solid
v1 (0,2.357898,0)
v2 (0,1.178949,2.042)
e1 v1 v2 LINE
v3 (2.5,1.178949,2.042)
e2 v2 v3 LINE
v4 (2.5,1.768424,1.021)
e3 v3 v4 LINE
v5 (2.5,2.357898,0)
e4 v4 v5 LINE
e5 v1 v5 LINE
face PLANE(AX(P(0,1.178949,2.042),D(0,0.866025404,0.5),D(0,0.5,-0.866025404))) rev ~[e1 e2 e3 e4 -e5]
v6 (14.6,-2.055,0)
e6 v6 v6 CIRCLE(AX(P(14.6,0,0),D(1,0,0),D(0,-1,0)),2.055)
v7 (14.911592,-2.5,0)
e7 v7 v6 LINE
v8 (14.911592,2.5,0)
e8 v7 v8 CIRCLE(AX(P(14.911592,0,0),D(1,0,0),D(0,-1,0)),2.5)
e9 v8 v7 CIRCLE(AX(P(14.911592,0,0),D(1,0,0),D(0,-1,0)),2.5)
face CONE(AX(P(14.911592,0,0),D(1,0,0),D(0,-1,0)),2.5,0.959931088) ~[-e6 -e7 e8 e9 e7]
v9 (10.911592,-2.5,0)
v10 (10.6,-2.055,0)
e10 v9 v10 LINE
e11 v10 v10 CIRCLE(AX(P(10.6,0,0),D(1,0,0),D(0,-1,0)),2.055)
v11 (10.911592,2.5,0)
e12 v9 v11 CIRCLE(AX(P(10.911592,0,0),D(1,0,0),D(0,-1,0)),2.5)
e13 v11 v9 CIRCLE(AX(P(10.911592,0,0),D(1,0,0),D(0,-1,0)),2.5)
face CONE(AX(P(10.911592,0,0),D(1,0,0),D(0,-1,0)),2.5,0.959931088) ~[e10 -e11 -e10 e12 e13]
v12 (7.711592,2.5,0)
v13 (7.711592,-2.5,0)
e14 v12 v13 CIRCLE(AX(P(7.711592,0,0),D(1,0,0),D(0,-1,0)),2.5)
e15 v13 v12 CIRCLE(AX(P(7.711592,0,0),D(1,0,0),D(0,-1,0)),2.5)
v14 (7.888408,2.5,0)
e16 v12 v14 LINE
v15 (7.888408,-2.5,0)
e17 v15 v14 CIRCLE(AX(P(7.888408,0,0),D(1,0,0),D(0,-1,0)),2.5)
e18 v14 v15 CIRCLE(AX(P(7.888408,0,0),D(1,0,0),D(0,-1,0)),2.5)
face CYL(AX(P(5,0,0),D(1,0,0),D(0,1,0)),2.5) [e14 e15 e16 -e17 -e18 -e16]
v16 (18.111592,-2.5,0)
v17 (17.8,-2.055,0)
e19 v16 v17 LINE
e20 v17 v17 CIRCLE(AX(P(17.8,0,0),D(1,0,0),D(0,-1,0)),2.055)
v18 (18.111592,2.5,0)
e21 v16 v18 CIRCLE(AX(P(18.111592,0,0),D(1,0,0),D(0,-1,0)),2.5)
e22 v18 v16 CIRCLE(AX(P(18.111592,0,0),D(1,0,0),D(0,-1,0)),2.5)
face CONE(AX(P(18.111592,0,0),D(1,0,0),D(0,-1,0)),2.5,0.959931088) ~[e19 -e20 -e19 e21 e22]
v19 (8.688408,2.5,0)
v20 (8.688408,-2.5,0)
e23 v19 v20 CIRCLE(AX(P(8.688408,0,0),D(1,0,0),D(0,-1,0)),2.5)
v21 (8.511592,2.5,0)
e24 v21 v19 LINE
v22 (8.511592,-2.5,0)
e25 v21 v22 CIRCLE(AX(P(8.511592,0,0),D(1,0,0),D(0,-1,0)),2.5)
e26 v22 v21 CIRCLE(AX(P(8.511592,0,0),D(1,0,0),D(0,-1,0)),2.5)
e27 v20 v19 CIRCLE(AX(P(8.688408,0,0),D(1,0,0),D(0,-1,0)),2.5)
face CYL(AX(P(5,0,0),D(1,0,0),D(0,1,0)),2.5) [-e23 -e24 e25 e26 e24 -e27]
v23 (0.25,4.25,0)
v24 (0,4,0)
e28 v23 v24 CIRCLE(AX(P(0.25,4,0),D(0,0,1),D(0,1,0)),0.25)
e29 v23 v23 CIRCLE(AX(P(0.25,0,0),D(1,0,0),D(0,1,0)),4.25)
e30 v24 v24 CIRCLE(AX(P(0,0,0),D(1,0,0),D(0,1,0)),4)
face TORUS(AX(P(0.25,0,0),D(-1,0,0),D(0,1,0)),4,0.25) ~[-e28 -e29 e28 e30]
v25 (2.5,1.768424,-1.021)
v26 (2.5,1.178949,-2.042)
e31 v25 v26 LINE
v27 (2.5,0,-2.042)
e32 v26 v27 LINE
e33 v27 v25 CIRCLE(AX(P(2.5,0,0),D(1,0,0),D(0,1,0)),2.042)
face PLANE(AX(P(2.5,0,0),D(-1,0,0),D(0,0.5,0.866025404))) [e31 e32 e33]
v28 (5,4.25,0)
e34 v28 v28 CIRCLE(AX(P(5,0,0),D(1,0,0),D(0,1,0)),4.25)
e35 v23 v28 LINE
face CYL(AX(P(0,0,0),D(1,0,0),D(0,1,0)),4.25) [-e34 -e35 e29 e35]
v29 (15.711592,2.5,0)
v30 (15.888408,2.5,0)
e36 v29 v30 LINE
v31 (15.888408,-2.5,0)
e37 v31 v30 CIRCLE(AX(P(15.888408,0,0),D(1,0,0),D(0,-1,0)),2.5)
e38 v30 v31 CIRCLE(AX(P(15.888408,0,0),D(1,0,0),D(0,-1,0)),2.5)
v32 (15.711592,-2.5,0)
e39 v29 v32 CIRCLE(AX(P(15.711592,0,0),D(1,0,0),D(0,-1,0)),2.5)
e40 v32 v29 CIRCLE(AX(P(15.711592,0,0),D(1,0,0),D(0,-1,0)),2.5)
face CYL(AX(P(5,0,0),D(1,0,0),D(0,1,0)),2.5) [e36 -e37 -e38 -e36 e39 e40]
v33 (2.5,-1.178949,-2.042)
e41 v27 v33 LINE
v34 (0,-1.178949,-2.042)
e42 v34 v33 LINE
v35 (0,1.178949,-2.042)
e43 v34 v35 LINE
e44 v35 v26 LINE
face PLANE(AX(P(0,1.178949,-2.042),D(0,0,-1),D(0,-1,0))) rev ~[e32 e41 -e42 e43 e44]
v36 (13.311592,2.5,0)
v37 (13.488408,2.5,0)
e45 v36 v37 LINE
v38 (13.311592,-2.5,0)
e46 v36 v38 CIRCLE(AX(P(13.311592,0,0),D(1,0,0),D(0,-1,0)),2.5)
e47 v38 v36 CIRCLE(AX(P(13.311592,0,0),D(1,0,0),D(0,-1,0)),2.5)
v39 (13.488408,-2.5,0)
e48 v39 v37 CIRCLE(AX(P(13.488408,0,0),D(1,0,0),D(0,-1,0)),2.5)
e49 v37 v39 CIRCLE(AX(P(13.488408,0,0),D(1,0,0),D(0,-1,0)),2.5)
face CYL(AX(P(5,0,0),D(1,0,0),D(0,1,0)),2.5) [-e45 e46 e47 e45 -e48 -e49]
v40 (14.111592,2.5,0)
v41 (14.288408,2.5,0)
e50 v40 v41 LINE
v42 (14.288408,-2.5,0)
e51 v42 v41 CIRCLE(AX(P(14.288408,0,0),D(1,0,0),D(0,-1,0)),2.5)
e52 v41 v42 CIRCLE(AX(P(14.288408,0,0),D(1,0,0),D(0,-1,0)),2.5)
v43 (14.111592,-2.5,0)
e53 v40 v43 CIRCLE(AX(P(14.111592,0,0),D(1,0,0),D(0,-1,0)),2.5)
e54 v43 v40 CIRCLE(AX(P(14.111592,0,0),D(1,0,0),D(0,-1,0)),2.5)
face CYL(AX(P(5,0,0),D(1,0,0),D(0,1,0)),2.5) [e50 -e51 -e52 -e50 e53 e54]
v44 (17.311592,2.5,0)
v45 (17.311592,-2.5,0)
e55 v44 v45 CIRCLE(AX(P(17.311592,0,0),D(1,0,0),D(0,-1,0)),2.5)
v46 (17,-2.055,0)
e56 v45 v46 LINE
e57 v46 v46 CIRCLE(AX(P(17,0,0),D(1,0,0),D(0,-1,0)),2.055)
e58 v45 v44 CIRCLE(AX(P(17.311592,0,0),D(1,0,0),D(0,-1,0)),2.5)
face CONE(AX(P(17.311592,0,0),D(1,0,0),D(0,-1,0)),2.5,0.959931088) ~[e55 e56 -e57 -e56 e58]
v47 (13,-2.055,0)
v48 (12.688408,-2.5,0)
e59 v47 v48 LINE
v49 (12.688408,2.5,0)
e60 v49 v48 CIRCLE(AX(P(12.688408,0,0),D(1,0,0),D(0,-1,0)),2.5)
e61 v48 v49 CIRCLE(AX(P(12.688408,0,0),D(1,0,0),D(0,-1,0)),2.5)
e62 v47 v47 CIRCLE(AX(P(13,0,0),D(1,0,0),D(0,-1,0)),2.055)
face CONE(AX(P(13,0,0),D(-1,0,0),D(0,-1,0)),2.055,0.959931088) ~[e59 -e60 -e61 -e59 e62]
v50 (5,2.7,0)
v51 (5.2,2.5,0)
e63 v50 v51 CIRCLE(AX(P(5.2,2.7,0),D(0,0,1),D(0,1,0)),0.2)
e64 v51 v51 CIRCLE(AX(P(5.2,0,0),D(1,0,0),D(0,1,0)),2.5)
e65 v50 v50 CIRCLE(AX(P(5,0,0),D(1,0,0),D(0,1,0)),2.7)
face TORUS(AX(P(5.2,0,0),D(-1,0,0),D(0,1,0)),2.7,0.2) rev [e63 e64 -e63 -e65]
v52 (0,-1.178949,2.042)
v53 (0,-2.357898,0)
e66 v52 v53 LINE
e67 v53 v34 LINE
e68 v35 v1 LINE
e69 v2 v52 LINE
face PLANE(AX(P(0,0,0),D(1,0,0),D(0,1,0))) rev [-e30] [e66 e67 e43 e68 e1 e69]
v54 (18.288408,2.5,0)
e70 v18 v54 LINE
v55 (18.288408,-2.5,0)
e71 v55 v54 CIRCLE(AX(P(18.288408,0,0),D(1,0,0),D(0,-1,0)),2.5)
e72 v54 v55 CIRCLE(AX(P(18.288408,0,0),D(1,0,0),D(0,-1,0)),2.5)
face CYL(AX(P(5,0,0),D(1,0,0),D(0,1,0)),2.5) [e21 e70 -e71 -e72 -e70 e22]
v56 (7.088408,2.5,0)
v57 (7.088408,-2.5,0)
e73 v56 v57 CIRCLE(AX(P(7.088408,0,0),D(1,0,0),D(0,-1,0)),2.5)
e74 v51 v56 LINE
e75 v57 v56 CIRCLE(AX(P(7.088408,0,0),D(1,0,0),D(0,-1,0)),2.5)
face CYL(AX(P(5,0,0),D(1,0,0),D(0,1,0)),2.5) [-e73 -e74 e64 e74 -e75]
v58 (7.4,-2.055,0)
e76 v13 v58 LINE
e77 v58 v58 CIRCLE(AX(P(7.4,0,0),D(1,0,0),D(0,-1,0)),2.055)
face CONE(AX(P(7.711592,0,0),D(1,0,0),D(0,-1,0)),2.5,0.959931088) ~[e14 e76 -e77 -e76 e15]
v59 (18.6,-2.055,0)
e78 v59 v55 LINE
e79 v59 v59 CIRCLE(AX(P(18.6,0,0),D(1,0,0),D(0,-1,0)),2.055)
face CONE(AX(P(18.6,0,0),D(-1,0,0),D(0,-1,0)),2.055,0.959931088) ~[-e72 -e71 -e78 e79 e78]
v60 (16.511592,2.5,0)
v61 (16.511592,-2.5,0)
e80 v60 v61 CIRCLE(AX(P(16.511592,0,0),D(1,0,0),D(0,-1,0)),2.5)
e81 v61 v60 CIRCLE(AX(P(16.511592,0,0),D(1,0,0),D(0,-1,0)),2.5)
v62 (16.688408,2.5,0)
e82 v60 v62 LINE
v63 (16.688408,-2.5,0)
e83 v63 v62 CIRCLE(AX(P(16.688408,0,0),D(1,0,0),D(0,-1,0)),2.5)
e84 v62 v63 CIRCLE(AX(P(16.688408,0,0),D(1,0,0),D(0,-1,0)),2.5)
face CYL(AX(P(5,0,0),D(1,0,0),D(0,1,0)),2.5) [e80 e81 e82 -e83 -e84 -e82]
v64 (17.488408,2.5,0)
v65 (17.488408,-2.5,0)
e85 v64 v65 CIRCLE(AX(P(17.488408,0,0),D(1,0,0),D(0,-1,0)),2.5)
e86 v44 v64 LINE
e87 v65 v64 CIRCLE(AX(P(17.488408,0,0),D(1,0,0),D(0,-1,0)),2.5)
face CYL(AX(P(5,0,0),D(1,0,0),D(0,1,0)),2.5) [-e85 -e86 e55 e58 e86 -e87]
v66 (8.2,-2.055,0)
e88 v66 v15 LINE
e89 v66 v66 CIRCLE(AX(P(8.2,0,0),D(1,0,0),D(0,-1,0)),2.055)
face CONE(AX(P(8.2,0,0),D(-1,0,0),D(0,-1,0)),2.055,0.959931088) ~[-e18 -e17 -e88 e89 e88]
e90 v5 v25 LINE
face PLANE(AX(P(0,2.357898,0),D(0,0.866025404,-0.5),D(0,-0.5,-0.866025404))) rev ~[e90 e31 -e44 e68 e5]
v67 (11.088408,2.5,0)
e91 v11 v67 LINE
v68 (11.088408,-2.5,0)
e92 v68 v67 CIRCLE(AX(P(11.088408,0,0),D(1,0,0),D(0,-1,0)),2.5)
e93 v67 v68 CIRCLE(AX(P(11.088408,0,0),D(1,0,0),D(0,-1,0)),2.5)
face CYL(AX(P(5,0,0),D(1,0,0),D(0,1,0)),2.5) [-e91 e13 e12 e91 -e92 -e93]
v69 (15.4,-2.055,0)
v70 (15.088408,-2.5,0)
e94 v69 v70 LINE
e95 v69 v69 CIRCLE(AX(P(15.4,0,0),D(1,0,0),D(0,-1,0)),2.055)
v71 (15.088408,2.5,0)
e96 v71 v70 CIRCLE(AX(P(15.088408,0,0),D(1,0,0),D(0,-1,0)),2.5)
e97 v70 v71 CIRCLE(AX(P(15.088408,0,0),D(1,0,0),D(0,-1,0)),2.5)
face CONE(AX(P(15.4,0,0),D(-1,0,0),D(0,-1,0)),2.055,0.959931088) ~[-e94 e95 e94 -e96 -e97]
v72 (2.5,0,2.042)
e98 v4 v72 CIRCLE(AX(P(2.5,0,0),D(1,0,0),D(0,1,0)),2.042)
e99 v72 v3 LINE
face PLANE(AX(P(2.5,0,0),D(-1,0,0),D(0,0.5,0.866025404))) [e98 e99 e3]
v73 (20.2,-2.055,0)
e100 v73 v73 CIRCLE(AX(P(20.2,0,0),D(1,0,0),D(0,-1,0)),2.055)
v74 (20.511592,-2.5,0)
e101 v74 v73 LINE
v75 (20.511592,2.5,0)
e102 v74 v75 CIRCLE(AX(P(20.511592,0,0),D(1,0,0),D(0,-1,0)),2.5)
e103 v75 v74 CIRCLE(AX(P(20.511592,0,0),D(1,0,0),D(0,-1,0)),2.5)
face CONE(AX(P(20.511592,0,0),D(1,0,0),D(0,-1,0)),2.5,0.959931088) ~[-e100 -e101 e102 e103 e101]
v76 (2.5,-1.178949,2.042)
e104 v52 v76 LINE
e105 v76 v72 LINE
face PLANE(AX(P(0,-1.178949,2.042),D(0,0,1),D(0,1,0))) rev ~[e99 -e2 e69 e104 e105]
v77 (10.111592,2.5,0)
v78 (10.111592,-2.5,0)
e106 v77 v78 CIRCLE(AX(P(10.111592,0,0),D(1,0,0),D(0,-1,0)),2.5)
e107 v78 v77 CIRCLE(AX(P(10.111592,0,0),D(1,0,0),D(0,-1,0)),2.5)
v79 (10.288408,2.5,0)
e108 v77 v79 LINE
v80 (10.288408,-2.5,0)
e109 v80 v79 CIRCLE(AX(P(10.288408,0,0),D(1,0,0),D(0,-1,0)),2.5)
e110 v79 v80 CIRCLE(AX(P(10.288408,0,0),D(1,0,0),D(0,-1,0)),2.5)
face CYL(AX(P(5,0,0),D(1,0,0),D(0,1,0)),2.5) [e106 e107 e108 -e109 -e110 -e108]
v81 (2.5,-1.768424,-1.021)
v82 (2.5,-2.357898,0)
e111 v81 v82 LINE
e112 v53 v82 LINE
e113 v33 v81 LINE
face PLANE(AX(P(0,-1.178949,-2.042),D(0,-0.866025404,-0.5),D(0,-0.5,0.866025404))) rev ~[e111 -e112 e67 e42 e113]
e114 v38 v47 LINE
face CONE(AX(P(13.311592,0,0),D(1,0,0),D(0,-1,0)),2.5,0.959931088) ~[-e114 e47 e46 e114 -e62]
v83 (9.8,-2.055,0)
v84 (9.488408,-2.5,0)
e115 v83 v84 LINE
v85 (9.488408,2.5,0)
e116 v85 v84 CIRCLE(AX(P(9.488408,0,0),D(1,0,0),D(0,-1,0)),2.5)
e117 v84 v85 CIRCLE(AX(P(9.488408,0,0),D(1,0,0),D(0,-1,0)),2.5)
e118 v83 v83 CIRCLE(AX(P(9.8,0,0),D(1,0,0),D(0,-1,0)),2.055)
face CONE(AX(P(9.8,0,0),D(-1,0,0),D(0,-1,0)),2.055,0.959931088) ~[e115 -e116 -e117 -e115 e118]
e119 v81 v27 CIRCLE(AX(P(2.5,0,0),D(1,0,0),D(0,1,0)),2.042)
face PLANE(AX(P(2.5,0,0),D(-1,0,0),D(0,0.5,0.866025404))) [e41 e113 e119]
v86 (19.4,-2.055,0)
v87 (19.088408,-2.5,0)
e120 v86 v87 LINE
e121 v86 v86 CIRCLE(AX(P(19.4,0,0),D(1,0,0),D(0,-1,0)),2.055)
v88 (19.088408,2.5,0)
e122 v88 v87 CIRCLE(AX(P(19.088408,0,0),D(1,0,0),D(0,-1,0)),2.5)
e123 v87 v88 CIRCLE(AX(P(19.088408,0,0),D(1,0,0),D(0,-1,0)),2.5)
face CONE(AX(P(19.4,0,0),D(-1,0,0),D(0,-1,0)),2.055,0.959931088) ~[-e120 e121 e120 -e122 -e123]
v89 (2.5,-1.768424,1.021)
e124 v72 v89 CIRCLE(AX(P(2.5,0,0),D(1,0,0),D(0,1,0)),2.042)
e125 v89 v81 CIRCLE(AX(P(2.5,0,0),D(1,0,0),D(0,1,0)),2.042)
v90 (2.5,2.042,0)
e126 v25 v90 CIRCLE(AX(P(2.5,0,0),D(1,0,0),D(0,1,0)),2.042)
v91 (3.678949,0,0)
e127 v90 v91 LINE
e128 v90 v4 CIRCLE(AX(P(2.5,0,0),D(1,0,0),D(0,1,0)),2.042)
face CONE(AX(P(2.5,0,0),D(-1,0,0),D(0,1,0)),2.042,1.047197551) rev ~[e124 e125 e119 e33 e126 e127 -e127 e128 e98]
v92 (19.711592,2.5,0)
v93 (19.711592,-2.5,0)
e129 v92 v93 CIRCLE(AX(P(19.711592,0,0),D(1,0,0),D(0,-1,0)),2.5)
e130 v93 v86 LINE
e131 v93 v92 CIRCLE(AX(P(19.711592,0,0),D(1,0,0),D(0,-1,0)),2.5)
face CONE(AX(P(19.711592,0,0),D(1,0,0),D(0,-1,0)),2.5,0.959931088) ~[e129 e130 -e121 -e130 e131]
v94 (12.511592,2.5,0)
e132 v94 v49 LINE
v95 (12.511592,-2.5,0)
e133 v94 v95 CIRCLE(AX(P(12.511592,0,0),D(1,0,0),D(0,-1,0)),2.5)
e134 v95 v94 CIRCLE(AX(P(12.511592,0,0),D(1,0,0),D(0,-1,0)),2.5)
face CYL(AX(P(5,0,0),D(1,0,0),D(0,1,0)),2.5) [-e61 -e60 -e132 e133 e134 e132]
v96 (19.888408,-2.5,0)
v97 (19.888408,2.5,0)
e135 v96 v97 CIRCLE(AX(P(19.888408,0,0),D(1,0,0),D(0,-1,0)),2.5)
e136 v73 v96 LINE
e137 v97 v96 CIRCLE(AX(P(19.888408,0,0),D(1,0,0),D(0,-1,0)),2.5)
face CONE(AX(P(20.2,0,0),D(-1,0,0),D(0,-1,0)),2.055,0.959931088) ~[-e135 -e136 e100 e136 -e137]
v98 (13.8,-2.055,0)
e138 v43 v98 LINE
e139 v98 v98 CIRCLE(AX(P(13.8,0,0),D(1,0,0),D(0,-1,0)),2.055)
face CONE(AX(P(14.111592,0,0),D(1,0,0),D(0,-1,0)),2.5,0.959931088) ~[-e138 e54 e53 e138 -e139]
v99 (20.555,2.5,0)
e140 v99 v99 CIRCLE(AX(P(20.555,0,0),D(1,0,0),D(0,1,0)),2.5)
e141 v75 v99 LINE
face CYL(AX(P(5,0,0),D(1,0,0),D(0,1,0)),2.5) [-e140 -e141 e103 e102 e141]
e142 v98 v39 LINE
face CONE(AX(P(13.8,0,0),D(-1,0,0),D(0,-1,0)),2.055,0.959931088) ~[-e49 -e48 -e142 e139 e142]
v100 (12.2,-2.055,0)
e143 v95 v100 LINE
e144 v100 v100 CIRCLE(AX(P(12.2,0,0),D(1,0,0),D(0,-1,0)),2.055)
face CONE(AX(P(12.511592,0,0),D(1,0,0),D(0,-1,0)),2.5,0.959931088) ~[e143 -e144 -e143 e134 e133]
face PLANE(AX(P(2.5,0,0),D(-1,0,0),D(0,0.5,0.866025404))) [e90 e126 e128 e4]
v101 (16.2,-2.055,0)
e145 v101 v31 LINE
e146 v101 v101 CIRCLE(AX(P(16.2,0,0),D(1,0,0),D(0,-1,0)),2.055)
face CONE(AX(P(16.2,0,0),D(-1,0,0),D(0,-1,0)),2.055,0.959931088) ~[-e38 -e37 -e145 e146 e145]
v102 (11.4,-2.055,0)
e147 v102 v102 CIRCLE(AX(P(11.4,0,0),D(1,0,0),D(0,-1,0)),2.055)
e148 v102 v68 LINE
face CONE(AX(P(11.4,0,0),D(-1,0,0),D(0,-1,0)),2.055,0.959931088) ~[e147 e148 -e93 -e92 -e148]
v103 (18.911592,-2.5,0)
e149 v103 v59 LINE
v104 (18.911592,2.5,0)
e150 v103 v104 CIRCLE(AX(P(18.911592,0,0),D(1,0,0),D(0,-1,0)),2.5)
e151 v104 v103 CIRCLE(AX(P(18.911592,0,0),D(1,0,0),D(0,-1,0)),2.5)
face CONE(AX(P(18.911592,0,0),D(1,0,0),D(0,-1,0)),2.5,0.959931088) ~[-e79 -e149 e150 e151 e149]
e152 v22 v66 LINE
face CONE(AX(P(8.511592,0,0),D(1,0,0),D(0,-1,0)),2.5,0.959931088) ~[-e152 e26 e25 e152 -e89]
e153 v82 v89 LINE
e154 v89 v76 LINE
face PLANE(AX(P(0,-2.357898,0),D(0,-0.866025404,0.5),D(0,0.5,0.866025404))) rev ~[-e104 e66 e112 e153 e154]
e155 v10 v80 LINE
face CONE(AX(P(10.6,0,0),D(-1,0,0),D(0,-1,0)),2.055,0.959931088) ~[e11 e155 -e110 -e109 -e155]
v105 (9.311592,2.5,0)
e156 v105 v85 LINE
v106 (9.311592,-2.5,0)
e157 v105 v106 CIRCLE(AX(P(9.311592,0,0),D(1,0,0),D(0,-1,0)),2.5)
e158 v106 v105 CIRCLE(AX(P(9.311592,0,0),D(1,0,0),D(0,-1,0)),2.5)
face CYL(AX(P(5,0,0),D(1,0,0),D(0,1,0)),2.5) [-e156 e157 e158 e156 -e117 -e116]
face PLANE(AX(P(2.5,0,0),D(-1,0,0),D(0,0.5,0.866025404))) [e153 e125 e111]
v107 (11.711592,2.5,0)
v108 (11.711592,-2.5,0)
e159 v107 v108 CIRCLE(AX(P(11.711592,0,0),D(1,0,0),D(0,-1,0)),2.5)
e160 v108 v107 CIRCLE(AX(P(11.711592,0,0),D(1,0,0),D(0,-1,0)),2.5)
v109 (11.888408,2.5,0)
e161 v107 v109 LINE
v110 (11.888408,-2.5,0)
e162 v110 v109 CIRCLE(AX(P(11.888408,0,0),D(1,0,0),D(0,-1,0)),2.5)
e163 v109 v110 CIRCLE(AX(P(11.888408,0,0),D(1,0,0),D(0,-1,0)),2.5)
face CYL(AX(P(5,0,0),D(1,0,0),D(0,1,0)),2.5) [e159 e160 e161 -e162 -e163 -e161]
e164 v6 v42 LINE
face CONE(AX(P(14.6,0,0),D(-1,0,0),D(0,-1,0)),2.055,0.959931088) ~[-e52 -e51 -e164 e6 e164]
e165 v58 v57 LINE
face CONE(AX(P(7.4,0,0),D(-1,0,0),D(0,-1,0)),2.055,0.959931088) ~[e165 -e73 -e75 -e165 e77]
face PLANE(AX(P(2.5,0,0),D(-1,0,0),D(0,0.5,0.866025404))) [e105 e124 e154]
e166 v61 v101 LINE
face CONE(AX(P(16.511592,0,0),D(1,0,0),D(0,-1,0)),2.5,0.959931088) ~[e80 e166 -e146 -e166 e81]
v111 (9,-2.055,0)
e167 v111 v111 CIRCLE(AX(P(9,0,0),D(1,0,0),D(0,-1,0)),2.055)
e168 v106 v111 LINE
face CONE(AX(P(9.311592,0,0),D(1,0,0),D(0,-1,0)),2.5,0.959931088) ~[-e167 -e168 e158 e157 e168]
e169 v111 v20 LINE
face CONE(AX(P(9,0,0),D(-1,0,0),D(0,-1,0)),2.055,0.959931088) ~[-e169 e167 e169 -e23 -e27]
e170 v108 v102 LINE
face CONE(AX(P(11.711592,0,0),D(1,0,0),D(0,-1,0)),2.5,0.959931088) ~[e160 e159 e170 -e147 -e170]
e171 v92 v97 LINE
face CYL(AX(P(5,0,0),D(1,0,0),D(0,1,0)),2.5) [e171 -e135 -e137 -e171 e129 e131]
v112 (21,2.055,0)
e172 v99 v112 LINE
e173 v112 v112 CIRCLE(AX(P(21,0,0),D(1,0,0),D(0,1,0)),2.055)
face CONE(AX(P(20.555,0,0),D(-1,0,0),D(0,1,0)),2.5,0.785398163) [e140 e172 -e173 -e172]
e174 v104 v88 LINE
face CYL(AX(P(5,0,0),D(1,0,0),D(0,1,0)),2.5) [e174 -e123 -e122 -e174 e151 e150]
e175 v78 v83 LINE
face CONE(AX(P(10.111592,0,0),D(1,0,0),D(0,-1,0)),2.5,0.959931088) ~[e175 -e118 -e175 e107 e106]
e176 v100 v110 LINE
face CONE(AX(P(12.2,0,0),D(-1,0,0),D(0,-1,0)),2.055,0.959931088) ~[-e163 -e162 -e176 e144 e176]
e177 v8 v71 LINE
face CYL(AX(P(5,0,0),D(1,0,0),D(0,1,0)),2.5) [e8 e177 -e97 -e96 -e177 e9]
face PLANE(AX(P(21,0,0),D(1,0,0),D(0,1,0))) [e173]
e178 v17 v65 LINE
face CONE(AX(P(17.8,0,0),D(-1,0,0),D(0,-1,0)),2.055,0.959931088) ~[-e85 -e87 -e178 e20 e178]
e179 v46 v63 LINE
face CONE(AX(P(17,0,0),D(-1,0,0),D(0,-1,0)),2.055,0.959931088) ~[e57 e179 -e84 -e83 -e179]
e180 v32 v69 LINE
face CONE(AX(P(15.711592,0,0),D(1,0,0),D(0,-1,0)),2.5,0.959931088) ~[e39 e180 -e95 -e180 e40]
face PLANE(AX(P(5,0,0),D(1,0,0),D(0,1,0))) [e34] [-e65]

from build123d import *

# Parameters (mm, degrees)
FILLET1_R       = 0.2
FILLET2_R       = 0.25
HEX_2_DEPTH     = 2.5
THDSCHPAT_COUNT = 17
THDSCHPAT_PITCH = 0.8


with BuildPart() as part:
    # BodySke → Base-Revolve (revolve)
    with BuildSketch(Plane.XY):
        Polygon((0, 0), (0, 4.25), (5, 4.25), (5, 2.5), (20.555, 2.5), (21, 2.055), (21, 0), align=None)
    revolve(axis=Axis((-31.75, 0, 0), (1, 0, 0)))

    # Fillet1
    fillet1_edges = [part.edges().sort_by_distance(p)[0] for p in [
        (5, -2.5, 0),
    ]]
    fillet(fillet1_edges, radius=FILLET1_R)

    # Fillet2
    fillet2_edges = [part.edges().sort_by_distance(p)[0] for p in [
        (0, -4.25, 0),
    ]]
    fillet(fillet2_edges, radius=FILLET2_R)

    # Sketch2 → Hex-PreBroach (revolve, cut)
    with BuildSketch(Plane.XY):
        Polygon((0, 2.042), (2.5, 2.042), (3.67894925, 0), (0, 0), align=None)
    revolve(axis=Axis((0, 0, 0), (1, 0, 0)), mode=Mode.SUBTRACT)

    # Sketch3 → Hex 2 (cut)
    with BuildSketch(Plane(origin=(0, 0, 0), x_dir=(0, 0.5, 0.866025404), z_dir=(-1, 0, 0))):
        Polygon((1.17894925, 2.042), (-1.17894925, 2.042), (-2.357898499, 0), (-1.17894925, -2.042), (1.17894925, -2.042), (2.357898499, 0), align=None)
    extrude(amount=-HEX_2_DEPTH, mode=Mode.SUBTRACT)

    # ThdSchSke → ThreadSchematic (revolve, cut)
    with BuildSketch(Plane.XY):
        Polygon((7.4, -2.055), (7.088407645, -2.5), (7.088407645, -3.125), (7.711592355, -3.125), (7.711592355, -2.5), align=None)
    threadschematic = revolve(axis=Axis((-3.175, 0, 0), (1, 0, 0)), mode=Mode.SUBTRACT)

    # ThdSchPat: ThreadSchematic ×17
    with Locations(*[(i * THDSCHPAT_PITCH, 0, 0) for i in range(1, THDSCHPAT_COUNT)]):
        add(threadschematic, mode=Mode.SUBTRACT)


solid = part.part
